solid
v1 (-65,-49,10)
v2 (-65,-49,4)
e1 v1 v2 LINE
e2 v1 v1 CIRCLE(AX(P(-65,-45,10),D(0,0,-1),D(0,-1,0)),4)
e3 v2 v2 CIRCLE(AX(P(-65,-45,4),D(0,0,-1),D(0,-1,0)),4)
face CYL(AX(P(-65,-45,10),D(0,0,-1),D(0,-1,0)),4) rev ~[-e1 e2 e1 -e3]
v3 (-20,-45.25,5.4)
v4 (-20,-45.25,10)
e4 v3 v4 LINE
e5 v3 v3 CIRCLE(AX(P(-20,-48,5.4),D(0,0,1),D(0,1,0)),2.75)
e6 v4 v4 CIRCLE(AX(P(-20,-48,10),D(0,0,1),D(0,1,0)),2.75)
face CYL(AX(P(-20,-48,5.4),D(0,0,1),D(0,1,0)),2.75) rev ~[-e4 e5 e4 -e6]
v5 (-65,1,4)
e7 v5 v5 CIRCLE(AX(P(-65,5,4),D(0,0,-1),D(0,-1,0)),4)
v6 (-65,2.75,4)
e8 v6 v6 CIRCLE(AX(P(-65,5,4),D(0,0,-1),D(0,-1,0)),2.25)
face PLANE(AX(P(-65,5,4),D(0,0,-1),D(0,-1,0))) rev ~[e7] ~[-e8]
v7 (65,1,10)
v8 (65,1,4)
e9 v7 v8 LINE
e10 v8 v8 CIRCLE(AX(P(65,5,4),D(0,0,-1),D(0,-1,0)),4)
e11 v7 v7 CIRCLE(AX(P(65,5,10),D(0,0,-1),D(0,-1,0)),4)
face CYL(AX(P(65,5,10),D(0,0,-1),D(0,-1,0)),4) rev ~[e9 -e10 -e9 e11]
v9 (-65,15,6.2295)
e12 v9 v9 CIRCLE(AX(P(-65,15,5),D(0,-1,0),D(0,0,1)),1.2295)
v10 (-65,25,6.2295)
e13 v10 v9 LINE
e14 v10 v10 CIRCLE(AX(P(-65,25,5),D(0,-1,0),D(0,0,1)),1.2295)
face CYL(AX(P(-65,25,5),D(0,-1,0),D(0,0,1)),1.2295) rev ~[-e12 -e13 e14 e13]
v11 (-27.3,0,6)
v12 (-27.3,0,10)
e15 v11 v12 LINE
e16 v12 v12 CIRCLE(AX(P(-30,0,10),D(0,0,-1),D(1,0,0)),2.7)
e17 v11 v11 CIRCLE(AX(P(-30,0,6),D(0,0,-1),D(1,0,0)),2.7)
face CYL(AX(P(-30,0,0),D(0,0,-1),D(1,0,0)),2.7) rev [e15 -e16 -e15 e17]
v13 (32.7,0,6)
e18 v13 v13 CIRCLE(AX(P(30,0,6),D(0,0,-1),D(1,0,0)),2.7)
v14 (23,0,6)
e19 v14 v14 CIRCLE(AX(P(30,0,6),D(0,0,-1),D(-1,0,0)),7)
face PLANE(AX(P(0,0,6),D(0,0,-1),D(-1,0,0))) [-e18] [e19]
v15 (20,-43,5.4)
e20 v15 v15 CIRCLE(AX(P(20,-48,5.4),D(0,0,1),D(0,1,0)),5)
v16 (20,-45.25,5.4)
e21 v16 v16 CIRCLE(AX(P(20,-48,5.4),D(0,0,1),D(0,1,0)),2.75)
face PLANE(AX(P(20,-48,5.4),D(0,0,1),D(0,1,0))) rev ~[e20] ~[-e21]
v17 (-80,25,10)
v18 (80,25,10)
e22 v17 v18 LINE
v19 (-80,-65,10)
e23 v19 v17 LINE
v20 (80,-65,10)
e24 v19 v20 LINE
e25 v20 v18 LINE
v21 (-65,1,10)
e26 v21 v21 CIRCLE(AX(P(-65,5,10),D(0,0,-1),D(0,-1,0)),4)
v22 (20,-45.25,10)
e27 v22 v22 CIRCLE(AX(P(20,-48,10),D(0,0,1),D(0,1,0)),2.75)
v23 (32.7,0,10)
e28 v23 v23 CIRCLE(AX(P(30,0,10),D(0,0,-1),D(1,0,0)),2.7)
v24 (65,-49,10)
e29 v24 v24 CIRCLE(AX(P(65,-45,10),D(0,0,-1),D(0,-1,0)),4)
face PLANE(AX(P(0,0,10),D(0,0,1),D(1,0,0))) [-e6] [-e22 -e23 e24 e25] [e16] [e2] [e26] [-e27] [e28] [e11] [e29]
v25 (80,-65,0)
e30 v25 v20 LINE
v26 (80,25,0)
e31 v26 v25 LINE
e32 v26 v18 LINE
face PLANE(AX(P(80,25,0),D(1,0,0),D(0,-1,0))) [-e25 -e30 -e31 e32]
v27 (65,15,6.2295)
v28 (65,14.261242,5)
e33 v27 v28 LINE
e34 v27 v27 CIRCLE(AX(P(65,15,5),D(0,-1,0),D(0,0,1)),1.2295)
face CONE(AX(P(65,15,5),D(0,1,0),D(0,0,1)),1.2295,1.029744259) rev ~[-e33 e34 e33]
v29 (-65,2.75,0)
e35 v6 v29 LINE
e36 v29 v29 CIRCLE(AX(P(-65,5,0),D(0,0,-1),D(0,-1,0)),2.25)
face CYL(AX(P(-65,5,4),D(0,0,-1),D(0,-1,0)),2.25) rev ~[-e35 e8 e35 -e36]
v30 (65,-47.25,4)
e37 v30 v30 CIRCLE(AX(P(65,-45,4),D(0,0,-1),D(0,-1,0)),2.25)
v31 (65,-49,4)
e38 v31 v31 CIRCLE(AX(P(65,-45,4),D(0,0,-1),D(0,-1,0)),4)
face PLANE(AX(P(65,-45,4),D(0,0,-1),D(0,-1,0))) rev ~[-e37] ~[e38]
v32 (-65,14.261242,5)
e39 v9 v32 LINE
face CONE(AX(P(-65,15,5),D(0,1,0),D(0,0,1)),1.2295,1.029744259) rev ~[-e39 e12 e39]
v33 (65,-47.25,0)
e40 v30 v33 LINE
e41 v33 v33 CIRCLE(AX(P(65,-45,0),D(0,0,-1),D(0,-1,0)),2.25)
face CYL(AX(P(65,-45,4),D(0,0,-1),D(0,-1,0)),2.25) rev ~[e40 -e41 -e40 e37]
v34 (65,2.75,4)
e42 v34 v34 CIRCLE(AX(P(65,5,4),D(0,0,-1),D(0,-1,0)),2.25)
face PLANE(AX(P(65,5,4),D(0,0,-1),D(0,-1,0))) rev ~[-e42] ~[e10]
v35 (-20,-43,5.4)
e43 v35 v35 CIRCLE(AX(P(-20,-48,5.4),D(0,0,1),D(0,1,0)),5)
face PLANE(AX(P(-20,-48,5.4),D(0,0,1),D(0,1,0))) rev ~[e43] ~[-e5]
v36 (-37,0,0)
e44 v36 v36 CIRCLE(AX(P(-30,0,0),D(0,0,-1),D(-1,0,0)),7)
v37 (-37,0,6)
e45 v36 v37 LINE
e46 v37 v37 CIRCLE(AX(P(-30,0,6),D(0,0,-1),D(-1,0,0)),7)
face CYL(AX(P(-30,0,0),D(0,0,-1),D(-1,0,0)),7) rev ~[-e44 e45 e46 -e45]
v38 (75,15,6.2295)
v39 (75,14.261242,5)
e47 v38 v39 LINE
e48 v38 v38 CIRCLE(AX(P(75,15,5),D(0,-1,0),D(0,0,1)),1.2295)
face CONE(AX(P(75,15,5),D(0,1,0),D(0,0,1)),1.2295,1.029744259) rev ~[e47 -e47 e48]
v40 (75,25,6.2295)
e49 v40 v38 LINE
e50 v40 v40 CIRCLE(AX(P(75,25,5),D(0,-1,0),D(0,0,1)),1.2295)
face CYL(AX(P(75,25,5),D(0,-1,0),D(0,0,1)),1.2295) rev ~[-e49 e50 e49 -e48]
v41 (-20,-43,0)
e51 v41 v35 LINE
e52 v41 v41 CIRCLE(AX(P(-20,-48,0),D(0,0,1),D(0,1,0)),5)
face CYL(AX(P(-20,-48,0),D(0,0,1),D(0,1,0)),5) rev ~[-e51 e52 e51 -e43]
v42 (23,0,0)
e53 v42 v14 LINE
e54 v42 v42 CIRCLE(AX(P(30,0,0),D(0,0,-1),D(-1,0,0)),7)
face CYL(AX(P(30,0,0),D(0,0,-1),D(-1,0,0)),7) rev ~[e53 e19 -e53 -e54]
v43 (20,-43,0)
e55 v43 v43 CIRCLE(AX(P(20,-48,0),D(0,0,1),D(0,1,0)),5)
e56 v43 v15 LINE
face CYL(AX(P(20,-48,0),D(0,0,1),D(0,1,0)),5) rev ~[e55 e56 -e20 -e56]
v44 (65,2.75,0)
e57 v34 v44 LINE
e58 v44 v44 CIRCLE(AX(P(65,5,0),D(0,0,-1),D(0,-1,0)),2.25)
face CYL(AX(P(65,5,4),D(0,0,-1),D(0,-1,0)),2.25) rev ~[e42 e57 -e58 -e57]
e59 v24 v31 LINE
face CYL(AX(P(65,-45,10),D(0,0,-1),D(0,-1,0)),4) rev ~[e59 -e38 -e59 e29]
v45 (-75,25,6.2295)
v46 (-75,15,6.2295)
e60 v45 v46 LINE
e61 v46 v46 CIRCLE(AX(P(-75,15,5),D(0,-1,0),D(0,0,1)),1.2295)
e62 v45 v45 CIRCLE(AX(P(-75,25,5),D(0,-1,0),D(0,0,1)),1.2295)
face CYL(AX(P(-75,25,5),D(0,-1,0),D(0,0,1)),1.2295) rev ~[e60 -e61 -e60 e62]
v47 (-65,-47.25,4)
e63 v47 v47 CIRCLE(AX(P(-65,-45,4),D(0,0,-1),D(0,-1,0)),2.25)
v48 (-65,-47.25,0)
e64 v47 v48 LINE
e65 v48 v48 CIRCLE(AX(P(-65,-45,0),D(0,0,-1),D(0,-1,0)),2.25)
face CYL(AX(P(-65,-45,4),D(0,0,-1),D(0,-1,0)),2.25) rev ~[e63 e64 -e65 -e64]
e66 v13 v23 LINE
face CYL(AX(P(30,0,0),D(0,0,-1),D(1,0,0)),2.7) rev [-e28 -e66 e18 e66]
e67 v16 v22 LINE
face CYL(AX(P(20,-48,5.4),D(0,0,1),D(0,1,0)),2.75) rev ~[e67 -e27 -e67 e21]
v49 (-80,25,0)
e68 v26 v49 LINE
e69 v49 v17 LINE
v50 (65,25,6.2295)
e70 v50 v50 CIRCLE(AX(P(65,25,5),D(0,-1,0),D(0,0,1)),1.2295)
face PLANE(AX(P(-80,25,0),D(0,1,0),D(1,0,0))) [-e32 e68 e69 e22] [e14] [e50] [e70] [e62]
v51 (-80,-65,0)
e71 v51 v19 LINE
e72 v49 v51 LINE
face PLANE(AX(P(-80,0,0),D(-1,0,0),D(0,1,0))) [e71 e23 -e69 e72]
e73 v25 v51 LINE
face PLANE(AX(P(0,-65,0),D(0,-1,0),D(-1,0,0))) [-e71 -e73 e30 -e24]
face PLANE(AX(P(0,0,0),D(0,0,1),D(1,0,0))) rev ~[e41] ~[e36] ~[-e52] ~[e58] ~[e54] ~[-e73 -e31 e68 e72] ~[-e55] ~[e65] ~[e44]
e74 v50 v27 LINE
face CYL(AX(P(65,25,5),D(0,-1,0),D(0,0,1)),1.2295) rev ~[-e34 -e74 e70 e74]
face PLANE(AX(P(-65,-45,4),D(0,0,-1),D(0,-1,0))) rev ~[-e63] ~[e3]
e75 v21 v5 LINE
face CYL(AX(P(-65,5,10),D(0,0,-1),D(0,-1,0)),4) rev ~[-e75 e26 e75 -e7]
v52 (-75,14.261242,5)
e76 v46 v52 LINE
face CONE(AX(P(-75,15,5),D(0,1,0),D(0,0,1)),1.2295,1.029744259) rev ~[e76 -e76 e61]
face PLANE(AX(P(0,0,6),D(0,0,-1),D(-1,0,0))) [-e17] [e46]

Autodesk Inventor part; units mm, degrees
ref_plane "YZ Plane" through (0, 0, 0) normal (1, 0, 0) x (0, 1, 0)
ref_plane "XZ Plane" through (0, 0, 0) normal (0, 1, 0) x (-1, 0, 0)
ref_plane "XY Plane" through (0, 0, 0) normal (0, 0, 1) x (1, 0, 0)
sketch "Skizze1" plane through (0, 0, 0) normal (0, 0, 1) x (1, 0, 0)
  line L0 (-80, 25) -> (80, 25)
  line L1 (80, 25) -> (80, -65)
  line L2 (80, -65) -> (-80, -65)
  line L3 (-80, -65) -> (-80, 25)
  line L4 (-112, 0) -> (112, 0) projected
  line L5 (0, -83) -> (0, 43) projected
  circle A0 centre (-30, 0) radius 2.7
  circle A1 centre (30, 0) radius 2.7
  point P0 (0, 0)
  dimension "d0" = 25
  dimension "d1" = 160
  dimension "d2" = 60
  dimension "d3" = 5.4
  dimension "d4" = 90
extrude "Extrusion1" add sketch "Skizze1" along normal blind 10 contours L0 L5 L4 A0 L3 | L0 L1 L4 A1 L5 | L4 A0 L5 L2 L3 | L4 A1 L1 L2 L5
sketch "Skizze2" plane through (0, 0, 0) normal (0, 0, -1) x (-1, 0, 0)
  circle A0 centre (-30, 0) radius 2.7 projected
  circle A1 centre (30, 0) radius 2.7 projected
  circle A2 centre (-30, 0) radius 7
  circle A3 centre (30, 0) radius 7
  point P0 (0, 0)
  dimension "d7" = 14
extrude "Extrusion2" cut sketch "Skizze2" against normal blind 6
sketch "Skizze3" plane through (0, 0, 0) normal (0, 0, -1) x (-1, 0, 0)
  circle A0 centre (12.5, -59) radius 2.067 projected
  circle A1 centre (-12.5, -59) radius 2.067 projected
  circle A2 centre (-12.5, -37) radius 2.067 projected
  circle A3 centre (12.5, -37) radius 2.067 projected
  line L0 (30, -31) -> (30, -65) projected
  line L1 (30, -65) -> (-30, -65) projected
  line L2 (-30, -65) -> (-30, -31) projected
  line L3 (-30, -31) -> (30, -31) projected
  line L4 (-30, -48) -> (30, -48)
  line L5 (0, -31) -> (0, -65)
  circle A4 centre (-20, -48) radius 2.067 projected
  circle A5 centre (20, -48) radius 2.067 projected
  point P0 (0, 0)
  point P1 (-20, -48)
  point P2 (20, -48)
  dimension "d10" = 40
hole "Bohrung1" at (20, -48, 0) at (-20, -48, 0) direction (0, 0, 1) diameter 5.5 end through all counterbore diameter 10 counterbore depth 5.4
sketch "Skizze4" plane through (-80, 25, 0) normal (0, 1, 0) x (1, 0, 0)
  line L0 (0, -10) -> (160, -10) projected
  line L1 (160, 0) -> (160, -10) projected
  line L2 (0, 0) -> (0, -10) projected
  line L3 (160, -5) -> (0, -5)
  line L4 (80, 0) -> (80, -10)
  point P0 (155, -5)
  point P1 (145, -5)
  point P2 (5, -5)
  point P3 (15, -5)
  dimension "d18" = 5
  dimension "d19" = 10
hole "Bohrung2" at (75, 25, 5) at (65, 25, 5) at (-75, 25, 5) at (-65, 25, 5) direction (0, -1, 0) diameter 2.459 depth 10 tip angle 118 thread size "M3x0.5" class "6H" standard "ISO Metric profile"
sketch "Skizze5" plane through (0, 0, 10) normal (0, 0, 1) x (1, 0, 0)
  line L0 (80, 25) -> (80, -65) projected
  line L1 (-80, 25) -> (80, 25) projected
  line L2 (-80, -65) -> (-80, 25) projected
  line L3 (80, -65) -> (-80, -65) projected
  line L4 (0, -65) -> (0, 25)
  line L5 (-80, -20) -> (80, -20)
  line L6 (-65, 5) -> (65, 5)
  line L7 (65, 5) -> (65, -45)
  line L8 (65, -45) -> (-65, -45)
  line L9 (-65, -45) -> (-65, 5)
  point P0 (0, 0)
  dimension "d27" = 130
  dimension "d28" = 50
hole "Bohrung3" at (-65, 5, 10) at (65, 5, 10) at (65, -45, 10) at (-65, -45, 10) direction (0, 0, -1) diameter 4.5 end through all counterbore diameter 8 counterbore depth 6
properties part number "1_0204_010"
